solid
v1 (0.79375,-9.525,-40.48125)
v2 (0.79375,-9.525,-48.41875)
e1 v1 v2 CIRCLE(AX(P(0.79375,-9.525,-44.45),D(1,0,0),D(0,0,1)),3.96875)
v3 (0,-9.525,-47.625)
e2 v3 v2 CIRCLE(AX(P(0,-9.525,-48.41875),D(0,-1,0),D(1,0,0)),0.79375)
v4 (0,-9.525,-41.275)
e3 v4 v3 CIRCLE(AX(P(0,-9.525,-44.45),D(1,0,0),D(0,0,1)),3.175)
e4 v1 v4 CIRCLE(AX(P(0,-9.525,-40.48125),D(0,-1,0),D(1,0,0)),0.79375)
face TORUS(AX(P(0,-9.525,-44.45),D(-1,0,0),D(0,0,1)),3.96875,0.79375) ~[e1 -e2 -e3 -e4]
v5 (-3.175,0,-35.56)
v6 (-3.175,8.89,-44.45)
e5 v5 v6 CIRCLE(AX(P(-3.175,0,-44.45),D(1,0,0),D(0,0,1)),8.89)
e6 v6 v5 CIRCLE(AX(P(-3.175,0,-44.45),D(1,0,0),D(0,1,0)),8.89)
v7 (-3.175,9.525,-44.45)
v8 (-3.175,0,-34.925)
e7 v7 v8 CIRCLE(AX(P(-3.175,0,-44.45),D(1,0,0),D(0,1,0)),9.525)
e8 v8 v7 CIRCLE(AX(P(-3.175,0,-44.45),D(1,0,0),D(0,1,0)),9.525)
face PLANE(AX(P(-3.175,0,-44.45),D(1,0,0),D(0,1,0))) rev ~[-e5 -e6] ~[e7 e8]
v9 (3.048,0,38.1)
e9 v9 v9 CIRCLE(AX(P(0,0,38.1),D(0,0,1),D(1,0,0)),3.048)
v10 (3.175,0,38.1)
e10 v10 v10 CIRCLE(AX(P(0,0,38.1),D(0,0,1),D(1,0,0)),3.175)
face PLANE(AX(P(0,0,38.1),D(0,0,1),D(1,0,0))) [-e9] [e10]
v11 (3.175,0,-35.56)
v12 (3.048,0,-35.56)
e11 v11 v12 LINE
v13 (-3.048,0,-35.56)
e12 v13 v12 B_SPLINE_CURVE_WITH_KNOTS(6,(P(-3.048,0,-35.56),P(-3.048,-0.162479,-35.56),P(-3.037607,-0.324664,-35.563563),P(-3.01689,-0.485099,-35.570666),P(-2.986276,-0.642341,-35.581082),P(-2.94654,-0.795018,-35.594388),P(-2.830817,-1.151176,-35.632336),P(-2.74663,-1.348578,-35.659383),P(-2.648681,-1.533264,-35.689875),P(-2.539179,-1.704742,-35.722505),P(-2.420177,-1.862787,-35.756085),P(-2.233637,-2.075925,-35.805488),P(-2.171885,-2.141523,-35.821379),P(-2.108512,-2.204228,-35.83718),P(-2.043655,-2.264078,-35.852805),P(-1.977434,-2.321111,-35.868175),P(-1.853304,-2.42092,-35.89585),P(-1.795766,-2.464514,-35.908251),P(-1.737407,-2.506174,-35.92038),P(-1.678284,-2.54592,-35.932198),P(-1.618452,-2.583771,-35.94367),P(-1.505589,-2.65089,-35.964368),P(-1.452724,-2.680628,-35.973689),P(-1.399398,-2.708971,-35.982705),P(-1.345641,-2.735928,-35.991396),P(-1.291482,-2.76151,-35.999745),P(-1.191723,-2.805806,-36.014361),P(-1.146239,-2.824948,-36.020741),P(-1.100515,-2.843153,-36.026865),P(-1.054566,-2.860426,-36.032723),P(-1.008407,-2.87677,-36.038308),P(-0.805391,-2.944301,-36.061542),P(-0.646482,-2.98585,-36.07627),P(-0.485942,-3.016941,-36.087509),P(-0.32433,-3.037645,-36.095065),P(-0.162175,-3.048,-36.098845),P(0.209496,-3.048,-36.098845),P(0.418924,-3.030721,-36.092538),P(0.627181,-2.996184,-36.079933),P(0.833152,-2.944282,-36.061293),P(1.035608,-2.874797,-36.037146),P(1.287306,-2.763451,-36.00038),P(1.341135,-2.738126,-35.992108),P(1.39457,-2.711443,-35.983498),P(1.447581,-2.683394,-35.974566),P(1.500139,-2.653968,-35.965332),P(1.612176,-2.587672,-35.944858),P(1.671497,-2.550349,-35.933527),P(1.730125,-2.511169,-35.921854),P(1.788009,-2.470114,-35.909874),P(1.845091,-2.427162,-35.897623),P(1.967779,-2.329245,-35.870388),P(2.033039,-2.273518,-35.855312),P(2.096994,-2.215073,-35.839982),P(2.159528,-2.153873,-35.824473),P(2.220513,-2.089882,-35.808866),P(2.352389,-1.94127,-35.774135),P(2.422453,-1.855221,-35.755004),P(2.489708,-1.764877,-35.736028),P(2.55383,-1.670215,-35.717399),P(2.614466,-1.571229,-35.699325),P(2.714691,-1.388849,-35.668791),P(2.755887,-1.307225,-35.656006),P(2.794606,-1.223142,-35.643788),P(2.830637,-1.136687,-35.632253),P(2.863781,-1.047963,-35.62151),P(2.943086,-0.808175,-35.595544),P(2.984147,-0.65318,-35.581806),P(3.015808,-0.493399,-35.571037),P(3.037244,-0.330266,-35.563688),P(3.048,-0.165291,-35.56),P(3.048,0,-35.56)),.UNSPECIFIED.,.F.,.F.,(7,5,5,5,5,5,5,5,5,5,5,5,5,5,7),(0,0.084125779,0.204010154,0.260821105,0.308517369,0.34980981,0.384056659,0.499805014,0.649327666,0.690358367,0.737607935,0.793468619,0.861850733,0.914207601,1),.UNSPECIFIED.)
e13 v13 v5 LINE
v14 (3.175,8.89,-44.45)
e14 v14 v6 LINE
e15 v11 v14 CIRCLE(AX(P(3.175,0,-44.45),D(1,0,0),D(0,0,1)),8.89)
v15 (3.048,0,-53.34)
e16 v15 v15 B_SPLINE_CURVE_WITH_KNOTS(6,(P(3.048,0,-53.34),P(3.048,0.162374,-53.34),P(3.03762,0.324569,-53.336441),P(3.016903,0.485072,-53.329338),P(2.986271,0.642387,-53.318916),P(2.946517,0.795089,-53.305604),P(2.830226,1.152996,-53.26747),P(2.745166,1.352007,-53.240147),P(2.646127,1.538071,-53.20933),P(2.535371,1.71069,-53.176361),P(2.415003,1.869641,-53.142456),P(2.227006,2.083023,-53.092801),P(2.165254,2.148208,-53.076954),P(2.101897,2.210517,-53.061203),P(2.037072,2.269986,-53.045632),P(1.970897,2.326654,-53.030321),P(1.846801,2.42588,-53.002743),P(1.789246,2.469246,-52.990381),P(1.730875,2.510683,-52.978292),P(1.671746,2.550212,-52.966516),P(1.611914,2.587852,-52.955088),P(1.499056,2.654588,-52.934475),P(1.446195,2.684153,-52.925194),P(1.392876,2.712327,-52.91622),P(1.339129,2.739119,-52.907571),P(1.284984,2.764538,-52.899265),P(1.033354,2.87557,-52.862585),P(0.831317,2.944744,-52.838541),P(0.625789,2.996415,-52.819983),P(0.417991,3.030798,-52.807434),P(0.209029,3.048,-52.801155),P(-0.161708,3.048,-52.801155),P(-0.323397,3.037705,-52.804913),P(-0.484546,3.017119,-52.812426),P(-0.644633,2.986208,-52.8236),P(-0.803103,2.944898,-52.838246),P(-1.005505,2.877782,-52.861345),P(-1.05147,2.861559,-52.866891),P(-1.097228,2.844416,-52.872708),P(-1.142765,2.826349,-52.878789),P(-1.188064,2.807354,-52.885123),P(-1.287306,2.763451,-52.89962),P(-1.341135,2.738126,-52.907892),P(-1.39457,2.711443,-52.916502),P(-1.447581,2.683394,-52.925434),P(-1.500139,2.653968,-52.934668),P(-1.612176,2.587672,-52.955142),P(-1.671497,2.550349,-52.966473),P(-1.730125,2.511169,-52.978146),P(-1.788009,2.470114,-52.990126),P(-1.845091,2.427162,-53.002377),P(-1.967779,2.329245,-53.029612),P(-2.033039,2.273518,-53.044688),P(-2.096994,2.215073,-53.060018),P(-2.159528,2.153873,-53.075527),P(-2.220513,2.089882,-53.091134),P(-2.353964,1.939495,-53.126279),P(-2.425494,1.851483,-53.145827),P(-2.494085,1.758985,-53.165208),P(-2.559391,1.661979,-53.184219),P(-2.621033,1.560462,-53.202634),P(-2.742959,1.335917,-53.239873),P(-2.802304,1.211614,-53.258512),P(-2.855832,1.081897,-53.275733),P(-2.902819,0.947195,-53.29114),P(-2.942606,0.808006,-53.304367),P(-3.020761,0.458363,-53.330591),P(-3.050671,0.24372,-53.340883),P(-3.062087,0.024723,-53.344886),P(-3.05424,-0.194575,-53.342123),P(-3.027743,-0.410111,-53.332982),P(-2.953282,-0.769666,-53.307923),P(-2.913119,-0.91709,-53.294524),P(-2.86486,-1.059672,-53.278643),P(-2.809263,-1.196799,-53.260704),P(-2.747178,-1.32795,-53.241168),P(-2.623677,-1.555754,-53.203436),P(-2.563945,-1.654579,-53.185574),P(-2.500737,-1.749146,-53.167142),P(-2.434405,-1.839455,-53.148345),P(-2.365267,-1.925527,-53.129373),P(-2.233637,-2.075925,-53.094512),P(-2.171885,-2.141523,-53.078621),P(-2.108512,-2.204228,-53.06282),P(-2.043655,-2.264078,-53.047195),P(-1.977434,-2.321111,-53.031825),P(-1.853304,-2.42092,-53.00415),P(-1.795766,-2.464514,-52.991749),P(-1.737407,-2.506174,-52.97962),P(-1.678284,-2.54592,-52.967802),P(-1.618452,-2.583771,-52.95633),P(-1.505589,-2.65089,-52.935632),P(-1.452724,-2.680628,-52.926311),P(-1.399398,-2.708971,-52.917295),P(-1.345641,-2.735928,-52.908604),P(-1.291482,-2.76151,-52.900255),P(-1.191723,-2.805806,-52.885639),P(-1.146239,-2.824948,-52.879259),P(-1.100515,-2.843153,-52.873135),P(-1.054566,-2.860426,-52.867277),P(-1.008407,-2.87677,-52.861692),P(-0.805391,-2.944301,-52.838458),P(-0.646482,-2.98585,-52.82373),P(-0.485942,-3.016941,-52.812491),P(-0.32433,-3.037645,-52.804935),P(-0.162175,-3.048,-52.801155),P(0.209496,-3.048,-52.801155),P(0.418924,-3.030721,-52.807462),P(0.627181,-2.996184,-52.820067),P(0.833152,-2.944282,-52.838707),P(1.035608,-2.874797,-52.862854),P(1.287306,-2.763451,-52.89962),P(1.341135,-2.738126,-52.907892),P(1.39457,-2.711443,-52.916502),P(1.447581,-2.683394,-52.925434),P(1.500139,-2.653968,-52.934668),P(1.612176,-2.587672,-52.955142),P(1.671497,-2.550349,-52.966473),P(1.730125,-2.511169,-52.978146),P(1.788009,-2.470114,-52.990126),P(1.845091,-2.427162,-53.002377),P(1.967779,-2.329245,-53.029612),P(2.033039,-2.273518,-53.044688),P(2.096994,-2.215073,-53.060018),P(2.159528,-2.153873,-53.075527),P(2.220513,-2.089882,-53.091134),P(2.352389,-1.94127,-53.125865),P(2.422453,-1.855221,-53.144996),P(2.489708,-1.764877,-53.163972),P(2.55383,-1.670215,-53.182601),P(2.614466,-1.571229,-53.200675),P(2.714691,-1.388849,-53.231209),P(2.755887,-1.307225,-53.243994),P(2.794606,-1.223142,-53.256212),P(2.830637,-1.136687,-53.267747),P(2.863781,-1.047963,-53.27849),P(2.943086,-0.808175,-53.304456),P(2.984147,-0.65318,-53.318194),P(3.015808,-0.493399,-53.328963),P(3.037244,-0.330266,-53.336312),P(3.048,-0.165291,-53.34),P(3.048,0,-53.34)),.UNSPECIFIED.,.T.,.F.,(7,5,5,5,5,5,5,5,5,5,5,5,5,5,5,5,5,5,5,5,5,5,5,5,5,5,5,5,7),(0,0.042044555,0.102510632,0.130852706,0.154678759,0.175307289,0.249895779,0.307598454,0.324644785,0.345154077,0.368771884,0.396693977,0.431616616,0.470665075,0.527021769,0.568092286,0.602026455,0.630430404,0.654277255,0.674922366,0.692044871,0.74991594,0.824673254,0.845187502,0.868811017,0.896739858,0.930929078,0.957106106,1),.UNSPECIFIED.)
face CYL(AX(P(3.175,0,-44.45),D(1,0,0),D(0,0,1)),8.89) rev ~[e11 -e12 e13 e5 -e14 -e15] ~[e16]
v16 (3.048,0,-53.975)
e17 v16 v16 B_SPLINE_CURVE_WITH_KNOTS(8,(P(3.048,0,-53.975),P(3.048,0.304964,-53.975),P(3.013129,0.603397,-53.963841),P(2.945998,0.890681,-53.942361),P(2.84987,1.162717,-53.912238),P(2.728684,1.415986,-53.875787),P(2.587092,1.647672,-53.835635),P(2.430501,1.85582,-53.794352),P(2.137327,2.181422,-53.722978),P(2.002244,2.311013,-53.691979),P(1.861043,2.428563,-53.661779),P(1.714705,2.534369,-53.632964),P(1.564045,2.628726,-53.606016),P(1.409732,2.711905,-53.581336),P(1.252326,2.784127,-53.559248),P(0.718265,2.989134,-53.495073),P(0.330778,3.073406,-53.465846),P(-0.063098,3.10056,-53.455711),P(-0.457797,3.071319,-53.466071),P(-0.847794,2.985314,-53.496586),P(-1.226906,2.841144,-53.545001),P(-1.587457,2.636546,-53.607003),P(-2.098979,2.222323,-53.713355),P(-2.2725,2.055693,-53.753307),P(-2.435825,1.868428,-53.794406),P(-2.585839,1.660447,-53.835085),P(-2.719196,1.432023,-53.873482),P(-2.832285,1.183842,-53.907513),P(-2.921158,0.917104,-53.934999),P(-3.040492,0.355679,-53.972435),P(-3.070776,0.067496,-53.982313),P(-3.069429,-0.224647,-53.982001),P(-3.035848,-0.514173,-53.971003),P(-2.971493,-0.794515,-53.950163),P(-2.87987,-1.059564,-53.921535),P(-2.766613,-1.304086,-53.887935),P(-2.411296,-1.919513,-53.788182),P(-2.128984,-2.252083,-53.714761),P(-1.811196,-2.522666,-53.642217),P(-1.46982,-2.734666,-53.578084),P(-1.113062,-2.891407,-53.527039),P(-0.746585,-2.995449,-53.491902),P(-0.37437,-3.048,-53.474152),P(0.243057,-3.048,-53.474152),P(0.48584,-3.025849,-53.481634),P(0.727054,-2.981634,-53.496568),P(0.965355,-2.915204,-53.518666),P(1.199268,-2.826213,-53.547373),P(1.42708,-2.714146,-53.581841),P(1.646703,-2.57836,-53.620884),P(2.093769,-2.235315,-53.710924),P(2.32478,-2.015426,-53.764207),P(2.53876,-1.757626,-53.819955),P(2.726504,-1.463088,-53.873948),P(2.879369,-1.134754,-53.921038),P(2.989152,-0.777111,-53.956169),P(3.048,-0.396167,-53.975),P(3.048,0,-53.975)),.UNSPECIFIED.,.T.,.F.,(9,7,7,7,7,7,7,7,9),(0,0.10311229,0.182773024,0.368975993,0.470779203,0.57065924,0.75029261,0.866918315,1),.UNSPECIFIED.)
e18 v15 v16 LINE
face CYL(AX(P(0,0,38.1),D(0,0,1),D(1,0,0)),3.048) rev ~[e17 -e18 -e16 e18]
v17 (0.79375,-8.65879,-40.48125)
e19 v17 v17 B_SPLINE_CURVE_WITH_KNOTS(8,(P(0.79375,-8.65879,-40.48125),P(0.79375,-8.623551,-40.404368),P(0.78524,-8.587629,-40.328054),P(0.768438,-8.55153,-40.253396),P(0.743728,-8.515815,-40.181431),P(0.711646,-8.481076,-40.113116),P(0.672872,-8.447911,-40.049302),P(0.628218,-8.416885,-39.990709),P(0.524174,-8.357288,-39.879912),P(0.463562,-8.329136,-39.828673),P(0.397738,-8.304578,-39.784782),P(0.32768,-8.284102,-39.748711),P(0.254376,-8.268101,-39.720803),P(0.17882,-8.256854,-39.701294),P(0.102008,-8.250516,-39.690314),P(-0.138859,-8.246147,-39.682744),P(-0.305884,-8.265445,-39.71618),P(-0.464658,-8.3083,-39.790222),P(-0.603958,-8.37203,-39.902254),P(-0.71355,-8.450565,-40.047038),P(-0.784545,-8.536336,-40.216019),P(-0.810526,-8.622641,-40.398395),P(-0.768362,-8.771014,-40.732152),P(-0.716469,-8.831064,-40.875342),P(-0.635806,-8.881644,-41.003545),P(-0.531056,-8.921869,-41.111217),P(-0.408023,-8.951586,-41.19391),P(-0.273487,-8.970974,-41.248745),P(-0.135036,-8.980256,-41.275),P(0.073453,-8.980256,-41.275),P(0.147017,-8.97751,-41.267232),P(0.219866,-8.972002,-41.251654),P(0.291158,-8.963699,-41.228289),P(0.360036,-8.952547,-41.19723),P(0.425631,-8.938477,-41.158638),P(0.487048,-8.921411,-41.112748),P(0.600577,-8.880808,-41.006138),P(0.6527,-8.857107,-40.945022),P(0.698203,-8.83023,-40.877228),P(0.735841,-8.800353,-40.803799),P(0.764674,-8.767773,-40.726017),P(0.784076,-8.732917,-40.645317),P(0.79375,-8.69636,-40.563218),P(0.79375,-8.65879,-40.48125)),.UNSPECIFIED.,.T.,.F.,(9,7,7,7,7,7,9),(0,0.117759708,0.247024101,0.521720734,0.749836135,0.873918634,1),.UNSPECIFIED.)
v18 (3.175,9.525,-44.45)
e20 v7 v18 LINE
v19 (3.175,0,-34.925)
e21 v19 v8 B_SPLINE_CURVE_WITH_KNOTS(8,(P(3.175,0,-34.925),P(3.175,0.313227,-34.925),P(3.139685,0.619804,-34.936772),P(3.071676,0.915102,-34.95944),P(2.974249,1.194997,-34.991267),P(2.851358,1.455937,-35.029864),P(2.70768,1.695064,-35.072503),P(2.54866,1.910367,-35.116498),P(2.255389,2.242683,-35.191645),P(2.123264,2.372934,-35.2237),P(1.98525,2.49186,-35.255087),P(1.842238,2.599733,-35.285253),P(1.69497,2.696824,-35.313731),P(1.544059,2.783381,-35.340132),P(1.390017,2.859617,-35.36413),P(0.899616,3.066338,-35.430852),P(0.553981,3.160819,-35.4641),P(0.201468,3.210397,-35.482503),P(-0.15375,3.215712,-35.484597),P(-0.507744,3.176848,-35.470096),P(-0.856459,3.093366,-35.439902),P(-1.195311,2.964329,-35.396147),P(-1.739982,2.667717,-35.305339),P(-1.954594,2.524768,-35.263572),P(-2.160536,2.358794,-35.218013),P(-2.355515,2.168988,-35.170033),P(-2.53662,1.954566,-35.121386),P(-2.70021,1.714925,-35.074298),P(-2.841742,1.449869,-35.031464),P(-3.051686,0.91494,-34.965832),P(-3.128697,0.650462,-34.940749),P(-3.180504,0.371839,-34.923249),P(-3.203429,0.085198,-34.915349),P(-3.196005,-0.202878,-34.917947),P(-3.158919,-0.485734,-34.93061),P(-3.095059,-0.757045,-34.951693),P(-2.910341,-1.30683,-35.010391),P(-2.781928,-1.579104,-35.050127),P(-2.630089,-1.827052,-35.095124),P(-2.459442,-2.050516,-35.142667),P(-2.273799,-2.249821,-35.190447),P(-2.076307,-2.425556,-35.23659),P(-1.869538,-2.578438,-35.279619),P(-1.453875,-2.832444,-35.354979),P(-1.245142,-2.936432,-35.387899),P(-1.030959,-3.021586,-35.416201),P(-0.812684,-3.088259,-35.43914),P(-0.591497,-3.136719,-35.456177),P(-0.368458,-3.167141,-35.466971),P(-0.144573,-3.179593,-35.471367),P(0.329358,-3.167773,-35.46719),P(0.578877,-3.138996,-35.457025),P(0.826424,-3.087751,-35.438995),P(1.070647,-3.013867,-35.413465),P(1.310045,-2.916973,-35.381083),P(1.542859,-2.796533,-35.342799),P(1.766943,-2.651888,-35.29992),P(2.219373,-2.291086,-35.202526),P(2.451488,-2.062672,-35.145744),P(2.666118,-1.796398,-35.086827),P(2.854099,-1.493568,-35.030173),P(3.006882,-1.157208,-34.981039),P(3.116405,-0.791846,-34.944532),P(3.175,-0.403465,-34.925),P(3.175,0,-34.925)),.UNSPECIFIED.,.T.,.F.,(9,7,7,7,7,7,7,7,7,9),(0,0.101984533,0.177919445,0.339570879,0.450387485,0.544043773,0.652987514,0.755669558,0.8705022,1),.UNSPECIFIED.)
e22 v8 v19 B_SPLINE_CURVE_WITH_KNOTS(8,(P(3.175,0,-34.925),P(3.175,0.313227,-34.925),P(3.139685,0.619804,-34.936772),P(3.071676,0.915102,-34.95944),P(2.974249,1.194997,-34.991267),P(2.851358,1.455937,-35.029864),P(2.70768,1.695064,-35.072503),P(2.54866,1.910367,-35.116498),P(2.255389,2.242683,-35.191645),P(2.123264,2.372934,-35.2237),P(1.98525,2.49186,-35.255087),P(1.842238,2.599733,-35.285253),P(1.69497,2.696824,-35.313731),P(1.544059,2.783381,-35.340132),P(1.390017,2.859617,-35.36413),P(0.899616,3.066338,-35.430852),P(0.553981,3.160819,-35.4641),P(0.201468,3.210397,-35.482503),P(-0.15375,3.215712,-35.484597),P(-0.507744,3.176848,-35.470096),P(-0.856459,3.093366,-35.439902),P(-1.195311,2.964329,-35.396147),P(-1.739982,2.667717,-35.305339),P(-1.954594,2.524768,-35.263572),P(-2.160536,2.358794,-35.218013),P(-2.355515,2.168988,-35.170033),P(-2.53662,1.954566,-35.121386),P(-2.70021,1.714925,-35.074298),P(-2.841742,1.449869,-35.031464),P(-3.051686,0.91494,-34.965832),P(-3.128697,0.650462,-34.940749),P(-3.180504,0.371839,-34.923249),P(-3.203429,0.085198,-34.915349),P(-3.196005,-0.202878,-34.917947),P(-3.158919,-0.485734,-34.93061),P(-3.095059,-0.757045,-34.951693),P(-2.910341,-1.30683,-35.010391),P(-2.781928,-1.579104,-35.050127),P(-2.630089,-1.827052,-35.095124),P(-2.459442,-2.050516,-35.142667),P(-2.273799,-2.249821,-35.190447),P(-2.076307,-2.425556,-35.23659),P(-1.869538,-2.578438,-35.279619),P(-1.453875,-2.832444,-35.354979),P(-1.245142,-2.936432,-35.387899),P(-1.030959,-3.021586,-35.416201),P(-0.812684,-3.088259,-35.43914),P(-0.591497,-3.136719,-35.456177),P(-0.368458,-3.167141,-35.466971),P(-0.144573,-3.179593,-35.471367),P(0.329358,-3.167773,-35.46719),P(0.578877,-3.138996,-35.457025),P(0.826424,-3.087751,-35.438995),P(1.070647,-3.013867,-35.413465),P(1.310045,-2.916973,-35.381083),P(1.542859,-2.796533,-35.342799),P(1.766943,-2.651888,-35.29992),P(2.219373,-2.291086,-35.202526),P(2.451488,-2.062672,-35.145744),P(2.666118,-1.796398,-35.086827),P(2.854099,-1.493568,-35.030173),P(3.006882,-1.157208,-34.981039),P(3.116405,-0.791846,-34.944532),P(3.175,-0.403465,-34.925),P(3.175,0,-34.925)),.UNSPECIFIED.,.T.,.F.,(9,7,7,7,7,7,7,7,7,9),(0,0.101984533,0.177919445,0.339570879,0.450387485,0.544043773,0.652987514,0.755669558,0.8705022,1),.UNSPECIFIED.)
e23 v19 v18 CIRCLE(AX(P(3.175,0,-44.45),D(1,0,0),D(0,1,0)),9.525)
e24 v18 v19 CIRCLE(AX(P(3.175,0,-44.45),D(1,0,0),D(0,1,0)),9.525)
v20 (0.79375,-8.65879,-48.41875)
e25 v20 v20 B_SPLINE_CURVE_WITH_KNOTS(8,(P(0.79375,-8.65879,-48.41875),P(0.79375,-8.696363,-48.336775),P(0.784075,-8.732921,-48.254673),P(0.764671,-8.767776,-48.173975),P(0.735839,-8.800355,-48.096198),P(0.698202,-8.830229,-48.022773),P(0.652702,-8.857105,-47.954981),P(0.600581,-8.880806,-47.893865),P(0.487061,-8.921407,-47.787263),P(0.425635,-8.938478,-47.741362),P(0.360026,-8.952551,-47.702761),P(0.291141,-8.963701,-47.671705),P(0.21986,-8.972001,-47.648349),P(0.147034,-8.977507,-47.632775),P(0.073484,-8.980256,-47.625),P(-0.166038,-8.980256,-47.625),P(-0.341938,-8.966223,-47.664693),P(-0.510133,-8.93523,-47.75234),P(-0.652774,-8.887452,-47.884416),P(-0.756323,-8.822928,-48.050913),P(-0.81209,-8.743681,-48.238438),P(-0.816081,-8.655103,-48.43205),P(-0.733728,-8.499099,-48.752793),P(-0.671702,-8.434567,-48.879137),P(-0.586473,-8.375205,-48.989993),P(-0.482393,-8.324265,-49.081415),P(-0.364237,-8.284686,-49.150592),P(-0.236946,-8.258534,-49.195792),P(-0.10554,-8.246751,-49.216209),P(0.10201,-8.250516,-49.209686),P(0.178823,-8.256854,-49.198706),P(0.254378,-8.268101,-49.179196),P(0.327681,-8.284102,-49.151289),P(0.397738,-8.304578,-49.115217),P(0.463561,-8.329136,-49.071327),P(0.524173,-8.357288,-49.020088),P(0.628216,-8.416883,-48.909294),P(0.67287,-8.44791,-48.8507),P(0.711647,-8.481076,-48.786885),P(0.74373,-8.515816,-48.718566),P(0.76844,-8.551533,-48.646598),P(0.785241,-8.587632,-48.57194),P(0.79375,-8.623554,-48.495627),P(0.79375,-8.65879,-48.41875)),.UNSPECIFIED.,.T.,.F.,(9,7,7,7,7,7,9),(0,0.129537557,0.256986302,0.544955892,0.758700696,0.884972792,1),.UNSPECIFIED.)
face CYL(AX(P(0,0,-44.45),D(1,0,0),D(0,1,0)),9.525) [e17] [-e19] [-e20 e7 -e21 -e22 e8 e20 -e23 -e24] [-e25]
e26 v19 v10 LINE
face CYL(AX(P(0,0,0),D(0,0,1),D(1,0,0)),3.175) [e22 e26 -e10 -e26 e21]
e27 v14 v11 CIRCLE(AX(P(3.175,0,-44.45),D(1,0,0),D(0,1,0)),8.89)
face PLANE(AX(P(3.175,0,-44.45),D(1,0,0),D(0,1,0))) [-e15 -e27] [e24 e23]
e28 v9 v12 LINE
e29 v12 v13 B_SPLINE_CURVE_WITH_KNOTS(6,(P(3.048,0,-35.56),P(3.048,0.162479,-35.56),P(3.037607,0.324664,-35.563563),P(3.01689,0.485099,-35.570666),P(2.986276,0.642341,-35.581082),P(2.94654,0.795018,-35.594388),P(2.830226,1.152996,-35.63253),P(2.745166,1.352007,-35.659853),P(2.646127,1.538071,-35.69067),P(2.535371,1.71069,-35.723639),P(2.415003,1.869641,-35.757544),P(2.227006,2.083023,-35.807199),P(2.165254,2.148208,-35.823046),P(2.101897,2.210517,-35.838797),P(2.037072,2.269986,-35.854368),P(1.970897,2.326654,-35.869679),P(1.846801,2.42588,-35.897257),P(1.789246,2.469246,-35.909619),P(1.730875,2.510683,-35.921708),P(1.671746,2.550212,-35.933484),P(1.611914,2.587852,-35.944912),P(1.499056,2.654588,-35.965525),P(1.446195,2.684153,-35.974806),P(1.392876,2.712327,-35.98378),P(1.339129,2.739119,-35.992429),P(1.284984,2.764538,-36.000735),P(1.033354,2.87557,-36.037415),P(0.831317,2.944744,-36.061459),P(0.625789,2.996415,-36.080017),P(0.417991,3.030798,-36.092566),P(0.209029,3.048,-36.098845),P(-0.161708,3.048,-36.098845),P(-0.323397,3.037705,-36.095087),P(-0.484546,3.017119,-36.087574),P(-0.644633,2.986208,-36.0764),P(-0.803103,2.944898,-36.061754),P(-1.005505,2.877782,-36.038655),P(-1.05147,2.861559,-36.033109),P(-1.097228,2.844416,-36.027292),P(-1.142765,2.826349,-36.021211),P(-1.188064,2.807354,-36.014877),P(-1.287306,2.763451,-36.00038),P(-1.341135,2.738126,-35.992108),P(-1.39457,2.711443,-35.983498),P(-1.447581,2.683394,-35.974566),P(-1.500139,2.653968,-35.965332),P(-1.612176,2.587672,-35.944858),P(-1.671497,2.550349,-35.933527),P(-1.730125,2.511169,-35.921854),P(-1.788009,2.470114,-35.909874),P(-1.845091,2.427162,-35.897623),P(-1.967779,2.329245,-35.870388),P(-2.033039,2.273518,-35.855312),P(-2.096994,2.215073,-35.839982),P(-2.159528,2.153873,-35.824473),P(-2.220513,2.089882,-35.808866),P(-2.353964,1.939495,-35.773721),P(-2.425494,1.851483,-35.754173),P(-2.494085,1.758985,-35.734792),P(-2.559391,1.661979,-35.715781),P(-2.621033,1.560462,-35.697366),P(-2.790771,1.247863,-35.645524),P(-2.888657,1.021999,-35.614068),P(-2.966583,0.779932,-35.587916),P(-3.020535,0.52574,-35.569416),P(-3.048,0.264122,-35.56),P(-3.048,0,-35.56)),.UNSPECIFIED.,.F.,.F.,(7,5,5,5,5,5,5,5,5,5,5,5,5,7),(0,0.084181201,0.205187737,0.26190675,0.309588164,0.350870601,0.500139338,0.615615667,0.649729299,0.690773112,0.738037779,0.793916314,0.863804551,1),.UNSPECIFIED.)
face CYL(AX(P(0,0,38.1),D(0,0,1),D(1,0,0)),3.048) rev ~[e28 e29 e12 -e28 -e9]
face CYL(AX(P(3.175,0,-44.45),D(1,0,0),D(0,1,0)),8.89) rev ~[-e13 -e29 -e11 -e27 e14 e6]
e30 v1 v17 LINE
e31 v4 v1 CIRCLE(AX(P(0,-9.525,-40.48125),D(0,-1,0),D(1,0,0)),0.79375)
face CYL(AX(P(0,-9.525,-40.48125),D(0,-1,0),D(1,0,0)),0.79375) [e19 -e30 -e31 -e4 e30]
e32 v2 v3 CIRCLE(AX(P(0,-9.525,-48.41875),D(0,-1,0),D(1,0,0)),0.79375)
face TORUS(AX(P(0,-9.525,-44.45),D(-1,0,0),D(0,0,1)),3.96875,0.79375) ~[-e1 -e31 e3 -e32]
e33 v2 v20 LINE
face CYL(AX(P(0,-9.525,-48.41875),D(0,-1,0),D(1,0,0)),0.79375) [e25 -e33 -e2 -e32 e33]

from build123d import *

# Parameters (mm, degrees)
F0_R      = 3.175
F1_DEPTH  = 38.1
F3_R      = 9.525
F4_DEPTH  = 3.175
F5_R      = 3.048
F6_DEPTH  = 92.0760001
F8_DEPTH  = 6.3510001273
F12_R     = 0.79375
F15_ANGLE = 180


with BuildPart() as f1:
    # F0 (on Top) → F1 (new body, symmetric)
    with BuildSketch(Plane.XY):
        Circle(F0_R)
    extrude(amount=F1_DEPTH, both=True)

    # F3 (on Right) → F4 (join, symmetric)
    with BuildSketch(Plane.YZ):
        with Locations((0, -44.45)):
            Circle(F3_R)
    extrude(amount=F4_DEPTH, both=True)

    # F5 (on face) → F6 (cut, through all)
    with BuildSketch(Plane.XY.offset(38.1)):
        Circle(F5_R)
    extrude(amount=-F6_DEPTH, mode=Mode.SUBTRACT)

    # F7 (on face) → F8 (cut, through all)
    with BuildSketch(Plane.YZ.offset(3.175)):
        with BuildLine():
            ThreePointArc((0, -35.56), (-6.2861792847, -50.7361792847), (8.89, -44.45))
            ThreePointArc((8.89, -44.45), (6.2861792847, -38.1638207153), (0, -35.56))
        make_face()
    extrude(amount=-F8_DEPTH, mode=Mode.SUBTRACT)

    # F12 (on offset) → F13 (join, up to the next surface of F1)
    with BuildSketch(Plane.XZ.offset(9.525)):
        with Locations((0, -40.48125)):
            Circle(F12_R)
        with Locations((0, -48.41875)):
            Circle(F12_R)
    extrude(until=Until.NEXT, dir=(0, 1, 0))

    # F14 (on face) → F15 (revolve)
    with BuildSketch(Plane.XZ.offset(9.525)):
        with BuildLine():
            ThreePointArc((0, -41.275), (0.5612660076, -41.0425160076), (0.79375, -40.48125))
            ThreePointArc((0.79375, -40.48125), (-0.5612660076, -39.9199839924), (0, -41.275))
        make_face()
    revolve(axis=Axis((2.719247248, -9.525, -44.45), (1, 0, 0)), revolution_arc=F15_ANGLE)


solid = f1.part
